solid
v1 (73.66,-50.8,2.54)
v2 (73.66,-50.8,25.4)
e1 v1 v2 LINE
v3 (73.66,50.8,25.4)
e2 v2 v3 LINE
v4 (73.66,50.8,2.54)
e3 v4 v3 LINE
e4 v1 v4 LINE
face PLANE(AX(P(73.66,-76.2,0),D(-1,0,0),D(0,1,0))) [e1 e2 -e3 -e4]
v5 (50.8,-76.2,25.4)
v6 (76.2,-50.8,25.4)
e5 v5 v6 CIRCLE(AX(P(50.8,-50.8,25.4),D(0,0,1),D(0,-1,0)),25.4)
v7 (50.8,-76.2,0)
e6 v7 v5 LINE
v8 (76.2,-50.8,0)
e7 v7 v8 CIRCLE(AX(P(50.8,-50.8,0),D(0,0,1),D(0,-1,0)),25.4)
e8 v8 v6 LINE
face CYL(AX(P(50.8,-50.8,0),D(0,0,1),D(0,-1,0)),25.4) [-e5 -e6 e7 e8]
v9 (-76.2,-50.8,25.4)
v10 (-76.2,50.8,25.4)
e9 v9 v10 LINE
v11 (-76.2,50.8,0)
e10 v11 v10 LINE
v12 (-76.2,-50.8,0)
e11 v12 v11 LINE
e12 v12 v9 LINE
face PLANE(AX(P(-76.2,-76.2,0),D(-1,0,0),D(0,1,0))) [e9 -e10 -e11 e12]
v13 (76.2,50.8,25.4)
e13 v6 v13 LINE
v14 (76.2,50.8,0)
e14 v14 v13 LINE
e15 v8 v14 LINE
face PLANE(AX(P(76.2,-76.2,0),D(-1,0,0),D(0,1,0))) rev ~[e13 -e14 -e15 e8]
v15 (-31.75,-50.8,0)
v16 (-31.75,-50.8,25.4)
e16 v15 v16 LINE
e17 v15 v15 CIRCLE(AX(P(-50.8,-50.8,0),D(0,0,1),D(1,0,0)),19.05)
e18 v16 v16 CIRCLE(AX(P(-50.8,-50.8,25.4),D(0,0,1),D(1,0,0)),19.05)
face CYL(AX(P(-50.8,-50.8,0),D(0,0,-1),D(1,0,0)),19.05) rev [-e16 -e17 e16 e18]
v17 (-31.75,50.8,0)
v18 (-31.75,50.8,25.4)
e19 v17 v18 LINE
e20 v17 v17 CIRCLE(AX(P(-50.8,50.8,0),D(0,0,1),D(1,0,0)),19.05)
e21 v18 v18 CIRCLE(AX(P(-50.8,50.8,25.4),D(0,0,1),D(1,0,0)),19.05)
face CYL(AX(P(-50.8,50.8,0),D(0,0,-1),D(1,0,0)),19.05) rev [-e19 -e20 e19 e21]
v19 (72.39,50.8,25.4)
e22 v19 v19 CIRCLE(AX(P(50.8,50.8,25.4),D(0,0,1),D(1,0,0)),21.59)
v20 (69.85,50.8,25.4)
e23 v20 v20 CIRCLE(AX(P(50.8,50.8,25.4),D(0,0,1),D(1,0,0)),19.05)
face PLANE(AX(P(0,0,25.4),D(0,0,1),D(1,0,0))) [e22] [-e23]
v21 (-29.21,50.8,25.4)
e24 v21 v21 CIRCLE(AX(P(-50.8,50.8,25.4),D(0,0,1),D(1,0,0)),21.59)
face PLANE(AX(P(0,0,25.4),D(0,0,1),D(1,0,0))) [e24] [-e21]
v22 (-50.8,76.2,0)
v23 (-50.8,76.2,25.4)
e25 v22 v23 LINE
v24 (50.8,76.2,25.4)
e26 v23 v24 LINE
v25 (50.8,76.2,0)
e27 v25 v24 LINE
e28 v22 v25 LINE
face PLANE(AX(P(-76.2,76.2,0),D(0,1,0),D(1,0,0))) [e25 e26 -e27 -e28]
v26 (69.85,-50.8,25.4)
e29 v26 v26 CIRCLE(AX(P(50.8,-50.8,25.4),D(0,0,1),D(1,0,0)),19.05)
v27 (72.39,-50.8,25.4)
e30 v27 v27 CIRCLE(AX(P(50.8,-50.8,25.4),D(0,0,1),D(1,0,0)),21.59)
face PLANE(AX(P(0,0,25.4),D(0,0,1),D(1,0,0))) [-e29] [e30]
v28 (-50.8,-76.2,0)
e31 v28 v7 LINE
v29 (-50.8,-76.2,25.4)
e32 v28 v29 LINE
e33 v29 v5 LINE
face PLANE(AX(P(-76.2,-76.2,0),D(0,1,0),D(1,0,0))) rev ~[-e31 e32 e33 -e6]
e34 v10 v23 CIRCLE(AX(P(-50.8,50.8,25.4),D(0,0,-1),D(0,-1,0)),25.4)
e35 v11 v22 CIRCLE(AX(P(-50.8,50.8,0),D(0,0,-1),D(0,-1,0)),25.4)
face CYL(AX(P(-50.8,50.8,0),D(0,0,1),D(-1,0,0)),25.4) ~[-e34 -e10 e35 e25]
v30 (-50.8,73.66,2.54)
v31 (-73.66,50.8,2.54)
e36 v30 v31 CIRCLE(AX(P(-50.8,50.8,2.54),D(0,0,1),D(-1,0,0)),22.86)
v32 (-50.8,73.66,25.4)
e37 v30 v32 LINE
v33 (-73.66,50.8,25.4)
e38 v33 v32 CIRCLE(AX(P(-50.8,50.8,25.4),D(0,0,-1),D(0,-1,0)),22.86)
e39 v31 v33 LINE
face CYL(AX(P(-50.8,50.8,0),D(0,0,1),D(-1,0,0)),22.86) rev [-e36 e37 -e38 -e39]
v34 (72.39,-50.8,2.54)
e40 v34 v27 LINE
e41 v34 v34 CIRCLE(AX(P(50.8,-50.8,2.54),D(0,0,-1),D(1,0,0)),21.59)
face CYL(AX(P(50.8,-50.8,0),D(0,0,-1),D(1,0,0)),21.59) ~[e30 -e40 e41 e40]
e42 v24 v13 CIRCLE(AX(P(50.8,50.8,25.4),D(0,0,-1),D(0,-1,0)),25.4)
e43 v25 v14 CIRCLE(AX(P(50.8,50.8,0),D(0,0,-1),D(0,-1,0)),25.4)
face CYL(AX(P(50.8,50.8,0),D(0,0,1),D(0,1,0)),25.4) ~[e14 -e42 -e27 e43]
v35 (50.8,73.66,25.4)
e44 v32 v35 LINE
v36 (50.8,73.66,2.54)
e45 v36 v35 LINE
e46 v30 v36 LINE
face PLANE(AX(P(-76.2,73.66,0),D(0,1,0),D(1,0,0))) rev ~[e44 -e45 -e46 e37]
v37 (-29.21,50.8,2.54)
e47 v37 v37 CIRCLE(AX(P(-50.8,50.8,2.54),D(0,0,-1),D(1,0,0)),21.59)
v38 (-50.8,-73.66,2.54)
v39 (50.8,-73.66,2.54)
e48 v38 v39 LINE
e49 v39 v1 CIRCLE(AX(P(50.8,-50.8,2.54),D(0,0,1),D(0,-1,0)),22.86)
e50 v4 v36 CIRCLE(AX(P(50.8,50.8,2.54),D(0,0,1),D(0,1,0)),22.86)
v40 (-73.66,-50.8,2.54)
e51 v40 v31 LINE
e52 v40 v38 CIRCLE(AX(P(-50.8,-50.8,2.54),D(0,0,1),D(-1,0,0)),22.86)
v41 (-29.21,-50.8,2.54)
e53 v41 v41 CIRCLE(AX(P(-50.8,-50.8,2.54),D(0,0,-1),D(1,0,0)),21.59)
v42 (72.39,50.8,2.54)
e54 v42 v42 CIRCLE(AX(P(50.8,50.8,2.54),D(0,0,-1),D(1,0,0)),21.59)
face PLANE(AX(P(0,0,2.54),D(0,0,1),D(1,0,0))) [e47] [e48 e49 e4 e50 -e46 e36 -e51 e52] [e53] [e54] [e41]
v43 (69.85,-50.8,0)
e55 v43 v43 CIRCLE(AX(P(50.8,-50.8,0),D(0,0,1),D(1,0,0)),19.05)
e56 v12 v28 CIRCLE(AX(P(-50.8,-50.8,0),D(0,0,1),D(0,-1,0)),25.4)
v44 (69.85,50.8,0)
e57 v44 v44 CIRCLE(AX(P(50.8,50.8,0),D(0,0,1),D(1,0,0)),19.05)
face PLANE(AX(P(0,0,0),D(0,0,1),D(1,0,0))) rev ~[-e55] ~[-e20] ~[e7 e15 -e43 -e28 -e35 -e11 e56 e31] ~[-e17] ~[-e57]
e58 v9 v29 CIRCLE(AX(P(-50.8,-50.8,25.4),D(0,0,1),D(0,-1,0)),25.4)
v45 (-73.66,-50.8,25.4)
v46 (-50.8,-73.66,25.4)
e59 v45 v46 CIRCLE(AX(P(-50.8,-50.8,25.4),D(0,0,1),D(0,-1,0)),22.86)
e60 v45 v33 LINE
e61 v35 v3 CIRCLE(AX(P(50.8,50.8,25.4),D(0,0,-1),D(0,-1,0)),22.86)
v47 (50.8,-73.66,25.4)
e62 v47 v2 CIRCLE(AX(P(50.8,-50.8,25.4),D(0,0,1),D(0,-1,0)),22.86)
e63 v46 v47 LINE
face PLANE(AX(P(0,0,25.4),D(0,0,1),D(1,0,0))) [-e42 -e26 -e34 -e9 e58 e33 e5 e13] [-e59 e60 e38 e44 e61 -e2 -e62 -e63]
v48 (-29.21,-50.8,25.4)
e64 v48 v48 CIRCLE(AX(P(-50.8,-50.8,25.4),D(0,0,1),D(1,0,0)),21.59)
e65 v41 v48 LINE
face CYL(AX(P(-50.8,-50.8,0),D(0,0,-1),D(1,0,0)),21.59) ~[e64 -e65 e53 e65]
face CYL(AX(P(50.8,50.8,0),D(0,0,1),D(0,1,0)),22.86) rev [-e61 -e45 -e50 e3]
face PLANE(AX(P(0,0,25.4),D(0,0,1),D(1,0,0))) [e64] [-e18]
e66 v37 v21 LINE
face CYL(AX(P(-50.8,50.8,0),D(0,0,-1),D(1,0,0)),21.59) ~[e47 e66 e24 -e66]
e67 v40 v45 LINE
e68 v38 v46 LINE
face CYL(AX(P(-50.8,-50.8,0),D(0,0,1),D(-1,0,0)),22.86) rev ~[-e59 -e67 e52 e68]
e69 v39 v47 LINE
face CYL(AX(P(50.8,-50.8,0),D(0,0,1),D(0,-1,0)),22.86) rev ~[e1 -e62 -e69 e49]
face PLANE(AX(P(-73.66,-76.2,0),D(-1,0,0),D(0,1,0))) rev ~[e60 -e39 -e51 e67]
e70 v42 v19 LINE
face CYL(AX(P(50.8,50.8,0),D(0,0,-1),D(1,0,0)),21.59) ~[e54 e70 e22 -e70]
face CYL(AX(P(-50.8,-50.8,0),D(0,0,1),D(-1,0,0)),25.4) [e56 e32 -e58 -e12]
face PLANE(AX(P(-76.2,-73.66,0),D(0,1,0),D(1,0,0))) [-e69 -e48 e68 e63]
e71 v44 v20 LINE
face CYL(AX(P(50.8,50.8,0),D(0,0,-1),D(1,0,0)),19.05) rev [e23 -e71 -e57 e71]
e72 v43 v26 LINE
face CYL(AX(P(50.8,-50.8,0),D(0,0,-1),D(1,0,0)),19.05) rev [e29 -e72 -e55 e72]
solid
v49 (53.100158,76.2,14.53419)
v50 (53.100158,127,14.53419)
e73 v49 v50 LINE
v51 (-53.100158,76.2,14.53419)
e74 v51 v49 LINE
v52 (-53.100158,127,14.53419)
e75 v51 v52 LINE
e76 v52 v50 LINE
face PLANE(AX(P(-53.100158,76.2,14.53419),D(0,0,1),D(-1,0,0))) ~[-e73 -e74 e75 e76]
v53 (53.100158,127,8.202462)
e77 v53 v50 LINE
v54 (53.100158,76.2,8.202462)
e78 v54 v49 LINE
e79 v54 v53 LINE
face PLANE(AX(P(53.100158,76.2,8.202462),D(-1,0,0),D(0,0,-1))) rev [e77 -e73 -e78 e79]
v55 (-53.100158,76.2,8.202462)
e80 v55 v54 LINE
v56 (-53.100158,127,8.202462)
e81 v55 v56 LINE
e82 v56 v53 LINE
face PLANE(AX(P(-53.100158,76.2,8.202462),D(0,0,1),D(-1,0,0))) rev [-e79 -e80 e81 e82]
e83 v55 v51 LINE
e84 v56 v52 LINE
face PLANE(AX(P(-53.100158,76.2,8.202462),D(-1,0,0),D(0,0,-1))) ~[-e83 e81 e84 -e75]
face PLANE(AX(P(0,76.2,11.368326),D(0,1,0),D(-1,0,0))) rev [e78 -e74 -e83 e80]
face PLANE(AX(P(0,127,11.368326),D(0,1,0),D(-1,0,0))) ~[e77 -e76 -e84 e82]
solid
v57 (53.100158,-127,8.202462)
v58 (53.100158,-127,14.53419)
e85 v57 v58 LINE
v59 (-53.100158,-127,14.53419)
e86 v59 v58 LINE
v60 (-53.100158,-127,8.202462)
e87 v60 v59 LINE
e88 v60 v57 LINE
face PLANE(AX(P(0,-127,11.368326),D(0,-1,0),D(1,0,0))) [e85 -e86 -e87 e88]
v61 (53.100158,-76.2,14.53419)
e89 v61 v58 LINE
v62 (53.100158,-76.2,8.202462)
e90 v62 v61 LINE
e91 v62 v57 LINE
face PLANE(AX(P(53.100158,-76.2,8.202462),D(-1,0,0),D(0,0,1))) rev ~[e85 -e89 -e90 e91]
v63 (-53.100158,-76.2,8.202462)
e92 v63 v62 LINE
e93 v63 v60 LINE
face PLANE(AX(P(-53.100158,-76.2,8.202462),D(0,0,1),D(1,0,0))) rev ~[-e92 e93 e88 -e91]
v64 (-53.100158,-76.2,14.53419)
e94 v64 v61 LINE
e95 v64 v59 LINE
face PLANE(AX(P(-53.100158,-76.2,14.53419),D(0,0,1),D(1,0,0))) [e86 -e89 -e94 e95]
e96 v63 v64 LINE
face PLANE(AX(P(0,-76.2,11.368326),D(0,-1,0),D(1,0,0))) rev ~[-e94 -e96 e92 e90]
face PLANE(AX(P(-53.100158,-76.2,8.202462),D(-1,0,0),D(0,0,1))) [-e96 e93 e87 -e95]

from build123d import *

# Parameters (mm, degrees)
F0_W     = 152.4
F0_H     = 152.4
F0_R     = 19.05
F1_DEPTH = 25.4
F2_W     = 106.200316
F2_H     = 6.331729
F3_DEPTH = 50.8
F5_R     = 25.4
F6_T     = -2.54


with BuildPart() as f1:
    # F0 (on Top) → F1 (new body)
    with BuildSketch(Plane.XY):
        Rectangle(F0_W, F0_H)
        with Locations((-50.8, -50.8)):
            Circle(F0_R, mode=Mode.SUBTRACT)
        with Locations((50.8, -50.8)):
            Circle(F0_R, mode=Mode.SUBTRACT)
        with Locations((-50.8, 50.8)):
            Circle(F0_R, mode=Mode.SUBTRACT)
        with Locations((50.8, 50.8)):
            Circle(F0_R, mode=Mode.SUBTRACT)
    extrude(amount=F1_DEPTH)

    # F5
    f5_edges = [f1.edges().sort_by_distance(p)[0] for p in [
        (76.2, -76.2, 12.7),
        (76.2, 76.2, 12.7),
        (-76.2, -76.2, 12.7),
        (-76.2, 76.2, 12.7),
    ]]
    fillet(f5_edges, radius=F5_R)

    # F6
    f6_openings = [f1.faces().sort_by_distance(p)[0] for p in [
        (0, 0, 25.4),
    ]]
    offset(amount=F6_T, openings=f6_openings)


with BuildPart() as f3:
    # F2 (on face) → F3 (new body)
    with BuildSketch(Plane.XZ.offset(76.2)):
        with Locations((0, 11.368326)):
            Rectangle(F2_W, F2_H)
    extrude(amount=F3_DEPTH)


with BuildPart() as f4_1:
    # F4: instance of F3
    add(f3.part.mirror(Plane.XZ))


solid = Compound([f1.part, f3.part, f4_1.part])
